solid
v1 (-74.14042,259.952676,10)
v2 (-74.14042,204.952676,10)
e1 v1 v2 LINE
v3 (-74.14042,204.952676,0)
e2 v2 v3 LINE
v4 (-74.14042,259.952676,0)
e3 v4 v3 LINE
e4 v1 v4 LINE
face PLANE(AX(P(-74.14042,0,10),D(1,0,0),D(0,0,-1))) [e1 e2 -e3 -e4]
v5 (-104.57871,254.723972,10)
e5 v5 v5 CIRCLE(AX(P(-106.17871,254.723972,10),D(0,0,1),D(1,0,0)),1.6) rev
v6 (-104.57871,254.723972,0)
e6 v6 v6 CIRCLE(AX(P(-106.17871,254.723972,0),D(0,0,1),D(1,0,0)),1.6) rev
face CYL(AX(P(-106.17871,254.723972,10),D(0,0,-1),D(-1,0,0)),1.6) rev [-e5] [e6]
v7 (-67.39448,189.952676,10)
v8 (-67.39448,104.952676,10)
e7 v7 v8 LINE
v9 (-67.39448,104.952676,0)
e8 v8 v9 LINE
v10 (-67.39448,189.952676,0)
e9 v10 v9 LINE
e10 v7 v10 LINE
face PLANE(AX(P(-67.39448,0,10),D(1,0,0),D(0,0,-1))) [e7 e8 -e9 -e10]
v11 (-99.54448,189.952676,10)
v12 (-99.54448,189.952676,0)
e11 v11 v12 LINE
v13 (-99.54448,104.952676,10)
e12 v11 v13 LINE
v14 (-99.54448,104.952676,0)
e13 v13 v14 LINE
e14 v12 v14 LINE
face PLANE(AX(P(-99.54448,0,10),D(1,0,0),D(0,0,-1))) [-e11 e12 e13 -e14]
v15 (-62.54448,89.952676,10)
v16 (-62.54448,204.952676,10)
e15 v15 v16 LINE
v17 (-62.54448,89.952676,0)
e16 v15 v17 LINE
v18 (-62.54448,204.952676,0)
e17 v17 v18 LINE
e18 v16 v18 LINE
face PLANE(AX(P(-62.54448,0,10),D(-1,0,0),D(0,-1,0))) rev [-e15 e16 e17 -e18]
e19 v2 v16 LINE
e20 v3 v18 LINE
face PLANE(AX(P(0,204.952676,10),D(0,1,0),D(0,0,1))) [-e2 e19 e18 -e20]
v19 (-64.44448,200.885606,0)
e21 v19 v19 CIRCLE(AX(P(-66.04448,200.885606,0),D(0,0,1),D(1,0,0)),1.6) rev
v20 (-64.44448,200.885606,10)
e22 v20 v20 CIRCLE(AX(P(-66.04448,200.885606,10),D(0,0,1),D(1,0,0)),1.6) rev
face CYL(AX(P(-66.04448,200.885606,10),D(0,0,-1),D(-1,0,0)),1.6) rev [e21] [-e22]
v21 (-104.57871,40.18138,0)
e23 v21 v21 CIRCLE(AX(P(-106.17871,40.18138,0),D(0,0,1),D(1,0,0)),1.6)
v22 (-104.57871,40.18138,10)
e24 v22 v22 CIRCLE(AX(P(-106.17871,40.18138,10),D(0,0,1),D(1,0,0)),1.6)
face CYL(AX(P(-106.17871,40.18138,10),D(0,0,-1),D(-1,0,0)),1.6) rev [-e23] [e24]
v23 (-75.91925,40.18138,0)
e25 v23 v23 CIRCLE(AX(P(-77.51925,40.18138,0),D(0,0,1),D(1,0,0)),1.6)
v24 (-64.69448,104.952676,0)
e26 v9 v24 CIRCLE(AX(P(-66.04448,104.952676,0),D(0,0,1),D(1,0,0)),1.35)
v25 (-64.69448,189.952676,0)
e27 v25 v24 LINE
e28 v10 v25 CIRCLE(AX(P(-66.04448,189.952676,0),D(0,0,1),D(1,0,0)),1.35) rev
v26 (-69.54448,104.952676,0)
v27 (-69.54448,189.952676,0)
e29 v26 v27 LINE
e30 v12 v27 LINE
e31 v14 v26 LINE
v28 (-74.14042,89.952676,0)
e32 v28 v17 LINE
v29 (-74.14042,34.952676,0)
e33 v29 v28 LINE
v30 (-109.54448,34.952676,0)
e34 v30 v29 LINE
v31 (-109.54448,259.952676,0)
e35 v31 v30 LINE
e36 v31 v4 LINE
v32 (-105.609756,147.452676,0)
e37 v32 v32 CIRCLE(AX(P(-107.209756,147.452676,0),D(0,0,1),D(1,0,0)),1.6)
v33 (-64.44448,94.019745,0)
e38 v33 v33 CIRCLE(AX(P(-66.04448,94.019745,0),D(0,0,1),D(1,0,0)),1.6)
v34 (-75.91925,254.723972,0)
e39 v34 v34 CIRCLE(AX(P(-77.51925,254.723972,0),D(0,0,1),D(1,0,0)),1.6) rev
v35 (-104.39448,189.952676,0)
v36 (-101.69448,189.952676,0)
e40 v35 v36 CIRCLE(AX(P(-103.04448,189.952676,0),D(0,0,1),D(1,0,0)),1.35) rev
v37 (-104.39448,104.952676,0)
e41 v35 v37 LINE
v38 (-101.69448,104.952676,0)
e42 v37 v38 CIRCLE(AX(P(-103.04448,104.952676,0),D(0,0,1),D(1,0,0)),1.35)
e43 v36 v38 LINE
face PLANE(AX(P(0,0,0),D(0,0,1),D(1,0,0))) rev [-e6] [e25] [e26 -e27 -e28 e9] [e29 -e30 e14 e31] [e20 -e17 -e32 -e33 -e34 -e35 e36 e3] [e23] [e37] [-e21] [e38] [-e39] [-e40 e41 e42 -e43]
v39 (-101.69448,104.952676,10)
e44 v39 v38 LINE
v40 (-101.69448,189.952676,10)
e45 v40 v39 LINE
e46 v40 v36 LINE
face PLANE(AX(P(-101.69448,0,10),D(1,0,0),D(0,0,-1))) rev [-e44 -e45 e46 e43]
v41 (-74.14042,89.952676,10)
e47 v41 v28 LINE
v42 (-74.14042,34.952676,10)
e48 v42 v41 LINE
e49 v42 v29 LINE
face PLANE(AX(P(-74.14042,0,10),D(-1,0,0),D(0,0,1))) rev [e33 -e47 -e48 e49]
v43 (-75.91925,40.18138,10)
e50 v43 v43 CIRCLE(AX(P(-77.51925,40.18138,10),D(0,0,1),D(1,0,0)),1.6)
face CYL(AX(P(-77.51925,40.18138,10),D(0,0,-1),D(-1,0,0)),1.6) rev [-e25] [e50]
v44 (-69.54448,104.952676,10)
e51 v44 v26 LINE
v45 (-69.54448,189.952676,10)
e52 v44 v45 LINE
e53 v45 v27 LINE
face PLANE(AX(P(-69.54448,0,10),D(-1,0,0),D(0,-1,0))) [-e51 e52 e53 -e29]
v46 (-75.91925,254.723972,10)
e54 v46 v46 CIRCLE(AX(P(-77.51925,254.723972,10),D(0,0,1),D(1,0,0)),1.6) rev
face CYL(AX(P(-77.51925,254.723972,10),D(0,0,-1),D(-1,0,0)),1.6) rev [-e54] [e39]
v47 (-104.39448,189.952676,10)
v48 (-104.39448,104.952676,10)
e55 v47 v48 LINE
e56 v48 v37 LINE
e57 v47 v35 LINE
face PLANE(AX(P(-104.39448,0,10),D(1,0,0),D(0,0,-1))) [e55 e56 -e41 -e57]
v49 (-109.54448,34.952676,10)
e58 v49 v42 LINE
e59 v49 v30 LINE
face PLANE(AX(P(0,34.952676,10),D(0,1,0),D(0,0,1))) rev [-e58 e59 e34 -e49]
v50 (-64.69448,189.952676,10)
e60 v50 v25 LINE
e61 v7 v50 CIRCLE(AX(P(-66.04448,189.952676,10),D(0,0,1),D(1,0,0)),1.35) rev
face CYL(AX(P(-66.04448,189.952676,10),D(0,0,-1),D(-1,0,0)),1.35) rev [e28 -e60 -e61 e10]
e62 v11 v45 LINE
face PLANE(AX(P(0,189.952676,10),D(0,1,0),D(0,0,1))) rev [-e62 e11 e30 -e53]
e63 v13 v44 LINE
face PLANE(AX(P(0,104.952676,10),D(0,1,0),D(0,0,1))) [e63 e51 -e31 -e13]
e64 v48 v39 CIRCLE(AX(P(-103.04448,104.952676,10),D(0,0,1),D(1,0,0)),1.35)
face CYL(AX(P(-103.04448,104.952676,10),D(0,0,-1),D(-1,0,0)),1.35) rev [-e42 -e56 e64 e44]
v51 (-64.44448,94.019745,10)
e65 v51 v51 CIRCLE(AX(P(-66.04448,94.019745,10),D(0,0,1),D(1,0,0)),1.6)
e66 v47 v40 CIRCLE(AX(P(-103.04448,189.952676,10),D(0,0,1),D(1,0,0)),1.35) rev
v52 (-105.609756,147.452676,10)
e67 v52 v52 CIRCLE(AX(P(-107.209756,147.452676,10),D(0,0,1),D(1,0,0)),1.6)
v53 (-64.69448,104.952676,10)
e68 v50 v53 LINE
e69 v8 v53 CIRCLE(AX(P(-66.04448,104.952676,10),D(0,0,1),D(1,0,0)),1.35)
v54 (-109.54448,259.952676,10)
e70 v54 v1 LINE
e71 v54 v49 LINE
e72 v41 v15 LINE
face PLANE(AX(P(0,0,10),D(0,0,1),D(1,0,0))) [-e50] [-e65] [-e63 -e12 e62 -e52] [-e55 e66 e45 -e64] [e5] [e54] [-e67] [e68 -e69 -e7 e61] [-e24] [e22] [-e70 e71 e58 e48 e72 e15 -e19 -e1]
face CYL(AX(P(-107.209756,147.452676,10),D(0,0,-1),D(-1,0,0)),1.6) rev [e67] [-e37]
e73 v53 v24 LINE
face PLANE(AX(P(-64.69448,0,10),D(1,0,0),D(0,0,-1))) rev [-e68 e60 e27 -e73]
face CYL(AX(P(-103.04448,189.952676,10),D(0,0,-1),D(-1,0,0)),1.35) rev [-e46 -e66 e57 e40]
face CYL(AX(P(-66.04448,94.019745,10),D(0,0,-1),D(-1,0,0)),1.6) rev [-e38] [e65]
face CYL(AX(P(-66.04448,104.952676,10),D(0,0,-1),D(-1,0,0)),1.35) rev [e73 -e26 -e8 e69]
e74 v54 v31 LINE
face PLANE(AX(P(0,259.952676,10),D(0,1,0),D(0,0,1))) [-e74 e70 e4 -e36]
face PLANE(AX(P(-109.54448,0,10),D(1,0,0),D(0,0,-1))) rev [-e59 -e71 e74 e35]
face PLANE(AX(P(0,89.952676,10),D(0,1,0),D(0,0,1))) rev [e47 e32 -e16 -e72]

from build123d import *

# Parameters (mm, degrees)
SKETCH4_R           = 1.6
SKETCH4_W           = 30
SKETCH4_H           = 85
BOSS_EXTRUDE6_DEPTH = 10


with BuildPart() as part:
    # Sketch4 → Boss-Extrude6 (new body)
    with BuildSketch(Plane.XY):
        Polygon((-109.544479684, 259.95267573), (-74.140420057, 259.95267573), (-74.140420057, 204.95267573), (-62.544479684, 204.95267573), (-62.544479684, 89.95267573), (-74.140420057, 89.95267573), (-74.140420057, 34.95267573), (-109.544479684, 34.95267573), align=None)
        with Locations((-77.519250358, 254.723971913)):
            Circle(SKETCH4_R, mode=Mode.SUBTRACT)
        with Locations((-106.178709835, 40.181379546)):
            Circle(SKETCH4_R, mode=Mode.SUBTRACT)
        with Locations((-77.519250358, 40.181379546)):
            Circle(SKETCH4_R, mode=Mode.SUBTRACT)
        with Locations((-66.044479684, 94.019745429)):
            Circle(SKETCH4_R, mode=Mode.SUBTRACT)
        with Locations((-107.209755901, 147.45267573)):
            Circle(SKETCH4_R, mode=Mode.SUBTRACT)
        with Locations((-66.044479684, 200.885606031)):
            Circle(SKETCH4_R, mode=Mode.SUBTRACT)
        with Locations((-106.178709835, 254.723971913)):
            Circle(SKETCH4_R, mode=Mode.SUBTRACT)
        with Locations((-84.544479684, 147.45267573)):
            Rectangle(SKETCH4_W, SKETCH4_H, mode=Mode.SUBTRACT)
        with BuildLine():
            Line((-67.394479684, 189.95267573), (-67.394479684, 147.45267573))
            Line((-67.394479684, 147.45267573), (-67.394479684, 104.95267573))
            ThreePointArc((-67.394479684, 104.95267573), (-66.044479684, 103.60267573), (-64.694479684, 104.95267573))
            Line((-64.694479684, 104.95267573), (-64.694479684, 147.45267573))
            Line((-64.694479684, 147.45267573), (-64.694479684, 189.95267573))
            ThreePointArc((-64.694479684, 189.95267573), (-66.044479684, 191.30267573), (-67.394479684, 189.95267573))
        make_face(mode=Mode.SUBTRACT)
        with BuildLine():
            Line((-104.394479684, 189.95267573), (-104.394479684, 147.45267573))
            Line((-104.394479684, 147.45267573), (-104.394479684, 104.95267573))
            ThreePointArc((-104.394479684, 104.95267573), (-103.044479684, 103.60267573), (-101.694479684, 104.95267573))
            Line((-101.694479684, 104.95267573), (-101.694479684, 147.45267573))
            Line((-101.694479684, 147.45267573), (-101.694479684, 189.95267573))
            ThreePointArc((-101.694479684, 189.95267573), (-103.044479684, 191.30267573), (-104.394479684, 189.95267573))
        make_face(mode=Mode.SUBTRACT)
    extrude(amount=BOSS_EXTRUDE6_DEPTH)


solid = part.part
